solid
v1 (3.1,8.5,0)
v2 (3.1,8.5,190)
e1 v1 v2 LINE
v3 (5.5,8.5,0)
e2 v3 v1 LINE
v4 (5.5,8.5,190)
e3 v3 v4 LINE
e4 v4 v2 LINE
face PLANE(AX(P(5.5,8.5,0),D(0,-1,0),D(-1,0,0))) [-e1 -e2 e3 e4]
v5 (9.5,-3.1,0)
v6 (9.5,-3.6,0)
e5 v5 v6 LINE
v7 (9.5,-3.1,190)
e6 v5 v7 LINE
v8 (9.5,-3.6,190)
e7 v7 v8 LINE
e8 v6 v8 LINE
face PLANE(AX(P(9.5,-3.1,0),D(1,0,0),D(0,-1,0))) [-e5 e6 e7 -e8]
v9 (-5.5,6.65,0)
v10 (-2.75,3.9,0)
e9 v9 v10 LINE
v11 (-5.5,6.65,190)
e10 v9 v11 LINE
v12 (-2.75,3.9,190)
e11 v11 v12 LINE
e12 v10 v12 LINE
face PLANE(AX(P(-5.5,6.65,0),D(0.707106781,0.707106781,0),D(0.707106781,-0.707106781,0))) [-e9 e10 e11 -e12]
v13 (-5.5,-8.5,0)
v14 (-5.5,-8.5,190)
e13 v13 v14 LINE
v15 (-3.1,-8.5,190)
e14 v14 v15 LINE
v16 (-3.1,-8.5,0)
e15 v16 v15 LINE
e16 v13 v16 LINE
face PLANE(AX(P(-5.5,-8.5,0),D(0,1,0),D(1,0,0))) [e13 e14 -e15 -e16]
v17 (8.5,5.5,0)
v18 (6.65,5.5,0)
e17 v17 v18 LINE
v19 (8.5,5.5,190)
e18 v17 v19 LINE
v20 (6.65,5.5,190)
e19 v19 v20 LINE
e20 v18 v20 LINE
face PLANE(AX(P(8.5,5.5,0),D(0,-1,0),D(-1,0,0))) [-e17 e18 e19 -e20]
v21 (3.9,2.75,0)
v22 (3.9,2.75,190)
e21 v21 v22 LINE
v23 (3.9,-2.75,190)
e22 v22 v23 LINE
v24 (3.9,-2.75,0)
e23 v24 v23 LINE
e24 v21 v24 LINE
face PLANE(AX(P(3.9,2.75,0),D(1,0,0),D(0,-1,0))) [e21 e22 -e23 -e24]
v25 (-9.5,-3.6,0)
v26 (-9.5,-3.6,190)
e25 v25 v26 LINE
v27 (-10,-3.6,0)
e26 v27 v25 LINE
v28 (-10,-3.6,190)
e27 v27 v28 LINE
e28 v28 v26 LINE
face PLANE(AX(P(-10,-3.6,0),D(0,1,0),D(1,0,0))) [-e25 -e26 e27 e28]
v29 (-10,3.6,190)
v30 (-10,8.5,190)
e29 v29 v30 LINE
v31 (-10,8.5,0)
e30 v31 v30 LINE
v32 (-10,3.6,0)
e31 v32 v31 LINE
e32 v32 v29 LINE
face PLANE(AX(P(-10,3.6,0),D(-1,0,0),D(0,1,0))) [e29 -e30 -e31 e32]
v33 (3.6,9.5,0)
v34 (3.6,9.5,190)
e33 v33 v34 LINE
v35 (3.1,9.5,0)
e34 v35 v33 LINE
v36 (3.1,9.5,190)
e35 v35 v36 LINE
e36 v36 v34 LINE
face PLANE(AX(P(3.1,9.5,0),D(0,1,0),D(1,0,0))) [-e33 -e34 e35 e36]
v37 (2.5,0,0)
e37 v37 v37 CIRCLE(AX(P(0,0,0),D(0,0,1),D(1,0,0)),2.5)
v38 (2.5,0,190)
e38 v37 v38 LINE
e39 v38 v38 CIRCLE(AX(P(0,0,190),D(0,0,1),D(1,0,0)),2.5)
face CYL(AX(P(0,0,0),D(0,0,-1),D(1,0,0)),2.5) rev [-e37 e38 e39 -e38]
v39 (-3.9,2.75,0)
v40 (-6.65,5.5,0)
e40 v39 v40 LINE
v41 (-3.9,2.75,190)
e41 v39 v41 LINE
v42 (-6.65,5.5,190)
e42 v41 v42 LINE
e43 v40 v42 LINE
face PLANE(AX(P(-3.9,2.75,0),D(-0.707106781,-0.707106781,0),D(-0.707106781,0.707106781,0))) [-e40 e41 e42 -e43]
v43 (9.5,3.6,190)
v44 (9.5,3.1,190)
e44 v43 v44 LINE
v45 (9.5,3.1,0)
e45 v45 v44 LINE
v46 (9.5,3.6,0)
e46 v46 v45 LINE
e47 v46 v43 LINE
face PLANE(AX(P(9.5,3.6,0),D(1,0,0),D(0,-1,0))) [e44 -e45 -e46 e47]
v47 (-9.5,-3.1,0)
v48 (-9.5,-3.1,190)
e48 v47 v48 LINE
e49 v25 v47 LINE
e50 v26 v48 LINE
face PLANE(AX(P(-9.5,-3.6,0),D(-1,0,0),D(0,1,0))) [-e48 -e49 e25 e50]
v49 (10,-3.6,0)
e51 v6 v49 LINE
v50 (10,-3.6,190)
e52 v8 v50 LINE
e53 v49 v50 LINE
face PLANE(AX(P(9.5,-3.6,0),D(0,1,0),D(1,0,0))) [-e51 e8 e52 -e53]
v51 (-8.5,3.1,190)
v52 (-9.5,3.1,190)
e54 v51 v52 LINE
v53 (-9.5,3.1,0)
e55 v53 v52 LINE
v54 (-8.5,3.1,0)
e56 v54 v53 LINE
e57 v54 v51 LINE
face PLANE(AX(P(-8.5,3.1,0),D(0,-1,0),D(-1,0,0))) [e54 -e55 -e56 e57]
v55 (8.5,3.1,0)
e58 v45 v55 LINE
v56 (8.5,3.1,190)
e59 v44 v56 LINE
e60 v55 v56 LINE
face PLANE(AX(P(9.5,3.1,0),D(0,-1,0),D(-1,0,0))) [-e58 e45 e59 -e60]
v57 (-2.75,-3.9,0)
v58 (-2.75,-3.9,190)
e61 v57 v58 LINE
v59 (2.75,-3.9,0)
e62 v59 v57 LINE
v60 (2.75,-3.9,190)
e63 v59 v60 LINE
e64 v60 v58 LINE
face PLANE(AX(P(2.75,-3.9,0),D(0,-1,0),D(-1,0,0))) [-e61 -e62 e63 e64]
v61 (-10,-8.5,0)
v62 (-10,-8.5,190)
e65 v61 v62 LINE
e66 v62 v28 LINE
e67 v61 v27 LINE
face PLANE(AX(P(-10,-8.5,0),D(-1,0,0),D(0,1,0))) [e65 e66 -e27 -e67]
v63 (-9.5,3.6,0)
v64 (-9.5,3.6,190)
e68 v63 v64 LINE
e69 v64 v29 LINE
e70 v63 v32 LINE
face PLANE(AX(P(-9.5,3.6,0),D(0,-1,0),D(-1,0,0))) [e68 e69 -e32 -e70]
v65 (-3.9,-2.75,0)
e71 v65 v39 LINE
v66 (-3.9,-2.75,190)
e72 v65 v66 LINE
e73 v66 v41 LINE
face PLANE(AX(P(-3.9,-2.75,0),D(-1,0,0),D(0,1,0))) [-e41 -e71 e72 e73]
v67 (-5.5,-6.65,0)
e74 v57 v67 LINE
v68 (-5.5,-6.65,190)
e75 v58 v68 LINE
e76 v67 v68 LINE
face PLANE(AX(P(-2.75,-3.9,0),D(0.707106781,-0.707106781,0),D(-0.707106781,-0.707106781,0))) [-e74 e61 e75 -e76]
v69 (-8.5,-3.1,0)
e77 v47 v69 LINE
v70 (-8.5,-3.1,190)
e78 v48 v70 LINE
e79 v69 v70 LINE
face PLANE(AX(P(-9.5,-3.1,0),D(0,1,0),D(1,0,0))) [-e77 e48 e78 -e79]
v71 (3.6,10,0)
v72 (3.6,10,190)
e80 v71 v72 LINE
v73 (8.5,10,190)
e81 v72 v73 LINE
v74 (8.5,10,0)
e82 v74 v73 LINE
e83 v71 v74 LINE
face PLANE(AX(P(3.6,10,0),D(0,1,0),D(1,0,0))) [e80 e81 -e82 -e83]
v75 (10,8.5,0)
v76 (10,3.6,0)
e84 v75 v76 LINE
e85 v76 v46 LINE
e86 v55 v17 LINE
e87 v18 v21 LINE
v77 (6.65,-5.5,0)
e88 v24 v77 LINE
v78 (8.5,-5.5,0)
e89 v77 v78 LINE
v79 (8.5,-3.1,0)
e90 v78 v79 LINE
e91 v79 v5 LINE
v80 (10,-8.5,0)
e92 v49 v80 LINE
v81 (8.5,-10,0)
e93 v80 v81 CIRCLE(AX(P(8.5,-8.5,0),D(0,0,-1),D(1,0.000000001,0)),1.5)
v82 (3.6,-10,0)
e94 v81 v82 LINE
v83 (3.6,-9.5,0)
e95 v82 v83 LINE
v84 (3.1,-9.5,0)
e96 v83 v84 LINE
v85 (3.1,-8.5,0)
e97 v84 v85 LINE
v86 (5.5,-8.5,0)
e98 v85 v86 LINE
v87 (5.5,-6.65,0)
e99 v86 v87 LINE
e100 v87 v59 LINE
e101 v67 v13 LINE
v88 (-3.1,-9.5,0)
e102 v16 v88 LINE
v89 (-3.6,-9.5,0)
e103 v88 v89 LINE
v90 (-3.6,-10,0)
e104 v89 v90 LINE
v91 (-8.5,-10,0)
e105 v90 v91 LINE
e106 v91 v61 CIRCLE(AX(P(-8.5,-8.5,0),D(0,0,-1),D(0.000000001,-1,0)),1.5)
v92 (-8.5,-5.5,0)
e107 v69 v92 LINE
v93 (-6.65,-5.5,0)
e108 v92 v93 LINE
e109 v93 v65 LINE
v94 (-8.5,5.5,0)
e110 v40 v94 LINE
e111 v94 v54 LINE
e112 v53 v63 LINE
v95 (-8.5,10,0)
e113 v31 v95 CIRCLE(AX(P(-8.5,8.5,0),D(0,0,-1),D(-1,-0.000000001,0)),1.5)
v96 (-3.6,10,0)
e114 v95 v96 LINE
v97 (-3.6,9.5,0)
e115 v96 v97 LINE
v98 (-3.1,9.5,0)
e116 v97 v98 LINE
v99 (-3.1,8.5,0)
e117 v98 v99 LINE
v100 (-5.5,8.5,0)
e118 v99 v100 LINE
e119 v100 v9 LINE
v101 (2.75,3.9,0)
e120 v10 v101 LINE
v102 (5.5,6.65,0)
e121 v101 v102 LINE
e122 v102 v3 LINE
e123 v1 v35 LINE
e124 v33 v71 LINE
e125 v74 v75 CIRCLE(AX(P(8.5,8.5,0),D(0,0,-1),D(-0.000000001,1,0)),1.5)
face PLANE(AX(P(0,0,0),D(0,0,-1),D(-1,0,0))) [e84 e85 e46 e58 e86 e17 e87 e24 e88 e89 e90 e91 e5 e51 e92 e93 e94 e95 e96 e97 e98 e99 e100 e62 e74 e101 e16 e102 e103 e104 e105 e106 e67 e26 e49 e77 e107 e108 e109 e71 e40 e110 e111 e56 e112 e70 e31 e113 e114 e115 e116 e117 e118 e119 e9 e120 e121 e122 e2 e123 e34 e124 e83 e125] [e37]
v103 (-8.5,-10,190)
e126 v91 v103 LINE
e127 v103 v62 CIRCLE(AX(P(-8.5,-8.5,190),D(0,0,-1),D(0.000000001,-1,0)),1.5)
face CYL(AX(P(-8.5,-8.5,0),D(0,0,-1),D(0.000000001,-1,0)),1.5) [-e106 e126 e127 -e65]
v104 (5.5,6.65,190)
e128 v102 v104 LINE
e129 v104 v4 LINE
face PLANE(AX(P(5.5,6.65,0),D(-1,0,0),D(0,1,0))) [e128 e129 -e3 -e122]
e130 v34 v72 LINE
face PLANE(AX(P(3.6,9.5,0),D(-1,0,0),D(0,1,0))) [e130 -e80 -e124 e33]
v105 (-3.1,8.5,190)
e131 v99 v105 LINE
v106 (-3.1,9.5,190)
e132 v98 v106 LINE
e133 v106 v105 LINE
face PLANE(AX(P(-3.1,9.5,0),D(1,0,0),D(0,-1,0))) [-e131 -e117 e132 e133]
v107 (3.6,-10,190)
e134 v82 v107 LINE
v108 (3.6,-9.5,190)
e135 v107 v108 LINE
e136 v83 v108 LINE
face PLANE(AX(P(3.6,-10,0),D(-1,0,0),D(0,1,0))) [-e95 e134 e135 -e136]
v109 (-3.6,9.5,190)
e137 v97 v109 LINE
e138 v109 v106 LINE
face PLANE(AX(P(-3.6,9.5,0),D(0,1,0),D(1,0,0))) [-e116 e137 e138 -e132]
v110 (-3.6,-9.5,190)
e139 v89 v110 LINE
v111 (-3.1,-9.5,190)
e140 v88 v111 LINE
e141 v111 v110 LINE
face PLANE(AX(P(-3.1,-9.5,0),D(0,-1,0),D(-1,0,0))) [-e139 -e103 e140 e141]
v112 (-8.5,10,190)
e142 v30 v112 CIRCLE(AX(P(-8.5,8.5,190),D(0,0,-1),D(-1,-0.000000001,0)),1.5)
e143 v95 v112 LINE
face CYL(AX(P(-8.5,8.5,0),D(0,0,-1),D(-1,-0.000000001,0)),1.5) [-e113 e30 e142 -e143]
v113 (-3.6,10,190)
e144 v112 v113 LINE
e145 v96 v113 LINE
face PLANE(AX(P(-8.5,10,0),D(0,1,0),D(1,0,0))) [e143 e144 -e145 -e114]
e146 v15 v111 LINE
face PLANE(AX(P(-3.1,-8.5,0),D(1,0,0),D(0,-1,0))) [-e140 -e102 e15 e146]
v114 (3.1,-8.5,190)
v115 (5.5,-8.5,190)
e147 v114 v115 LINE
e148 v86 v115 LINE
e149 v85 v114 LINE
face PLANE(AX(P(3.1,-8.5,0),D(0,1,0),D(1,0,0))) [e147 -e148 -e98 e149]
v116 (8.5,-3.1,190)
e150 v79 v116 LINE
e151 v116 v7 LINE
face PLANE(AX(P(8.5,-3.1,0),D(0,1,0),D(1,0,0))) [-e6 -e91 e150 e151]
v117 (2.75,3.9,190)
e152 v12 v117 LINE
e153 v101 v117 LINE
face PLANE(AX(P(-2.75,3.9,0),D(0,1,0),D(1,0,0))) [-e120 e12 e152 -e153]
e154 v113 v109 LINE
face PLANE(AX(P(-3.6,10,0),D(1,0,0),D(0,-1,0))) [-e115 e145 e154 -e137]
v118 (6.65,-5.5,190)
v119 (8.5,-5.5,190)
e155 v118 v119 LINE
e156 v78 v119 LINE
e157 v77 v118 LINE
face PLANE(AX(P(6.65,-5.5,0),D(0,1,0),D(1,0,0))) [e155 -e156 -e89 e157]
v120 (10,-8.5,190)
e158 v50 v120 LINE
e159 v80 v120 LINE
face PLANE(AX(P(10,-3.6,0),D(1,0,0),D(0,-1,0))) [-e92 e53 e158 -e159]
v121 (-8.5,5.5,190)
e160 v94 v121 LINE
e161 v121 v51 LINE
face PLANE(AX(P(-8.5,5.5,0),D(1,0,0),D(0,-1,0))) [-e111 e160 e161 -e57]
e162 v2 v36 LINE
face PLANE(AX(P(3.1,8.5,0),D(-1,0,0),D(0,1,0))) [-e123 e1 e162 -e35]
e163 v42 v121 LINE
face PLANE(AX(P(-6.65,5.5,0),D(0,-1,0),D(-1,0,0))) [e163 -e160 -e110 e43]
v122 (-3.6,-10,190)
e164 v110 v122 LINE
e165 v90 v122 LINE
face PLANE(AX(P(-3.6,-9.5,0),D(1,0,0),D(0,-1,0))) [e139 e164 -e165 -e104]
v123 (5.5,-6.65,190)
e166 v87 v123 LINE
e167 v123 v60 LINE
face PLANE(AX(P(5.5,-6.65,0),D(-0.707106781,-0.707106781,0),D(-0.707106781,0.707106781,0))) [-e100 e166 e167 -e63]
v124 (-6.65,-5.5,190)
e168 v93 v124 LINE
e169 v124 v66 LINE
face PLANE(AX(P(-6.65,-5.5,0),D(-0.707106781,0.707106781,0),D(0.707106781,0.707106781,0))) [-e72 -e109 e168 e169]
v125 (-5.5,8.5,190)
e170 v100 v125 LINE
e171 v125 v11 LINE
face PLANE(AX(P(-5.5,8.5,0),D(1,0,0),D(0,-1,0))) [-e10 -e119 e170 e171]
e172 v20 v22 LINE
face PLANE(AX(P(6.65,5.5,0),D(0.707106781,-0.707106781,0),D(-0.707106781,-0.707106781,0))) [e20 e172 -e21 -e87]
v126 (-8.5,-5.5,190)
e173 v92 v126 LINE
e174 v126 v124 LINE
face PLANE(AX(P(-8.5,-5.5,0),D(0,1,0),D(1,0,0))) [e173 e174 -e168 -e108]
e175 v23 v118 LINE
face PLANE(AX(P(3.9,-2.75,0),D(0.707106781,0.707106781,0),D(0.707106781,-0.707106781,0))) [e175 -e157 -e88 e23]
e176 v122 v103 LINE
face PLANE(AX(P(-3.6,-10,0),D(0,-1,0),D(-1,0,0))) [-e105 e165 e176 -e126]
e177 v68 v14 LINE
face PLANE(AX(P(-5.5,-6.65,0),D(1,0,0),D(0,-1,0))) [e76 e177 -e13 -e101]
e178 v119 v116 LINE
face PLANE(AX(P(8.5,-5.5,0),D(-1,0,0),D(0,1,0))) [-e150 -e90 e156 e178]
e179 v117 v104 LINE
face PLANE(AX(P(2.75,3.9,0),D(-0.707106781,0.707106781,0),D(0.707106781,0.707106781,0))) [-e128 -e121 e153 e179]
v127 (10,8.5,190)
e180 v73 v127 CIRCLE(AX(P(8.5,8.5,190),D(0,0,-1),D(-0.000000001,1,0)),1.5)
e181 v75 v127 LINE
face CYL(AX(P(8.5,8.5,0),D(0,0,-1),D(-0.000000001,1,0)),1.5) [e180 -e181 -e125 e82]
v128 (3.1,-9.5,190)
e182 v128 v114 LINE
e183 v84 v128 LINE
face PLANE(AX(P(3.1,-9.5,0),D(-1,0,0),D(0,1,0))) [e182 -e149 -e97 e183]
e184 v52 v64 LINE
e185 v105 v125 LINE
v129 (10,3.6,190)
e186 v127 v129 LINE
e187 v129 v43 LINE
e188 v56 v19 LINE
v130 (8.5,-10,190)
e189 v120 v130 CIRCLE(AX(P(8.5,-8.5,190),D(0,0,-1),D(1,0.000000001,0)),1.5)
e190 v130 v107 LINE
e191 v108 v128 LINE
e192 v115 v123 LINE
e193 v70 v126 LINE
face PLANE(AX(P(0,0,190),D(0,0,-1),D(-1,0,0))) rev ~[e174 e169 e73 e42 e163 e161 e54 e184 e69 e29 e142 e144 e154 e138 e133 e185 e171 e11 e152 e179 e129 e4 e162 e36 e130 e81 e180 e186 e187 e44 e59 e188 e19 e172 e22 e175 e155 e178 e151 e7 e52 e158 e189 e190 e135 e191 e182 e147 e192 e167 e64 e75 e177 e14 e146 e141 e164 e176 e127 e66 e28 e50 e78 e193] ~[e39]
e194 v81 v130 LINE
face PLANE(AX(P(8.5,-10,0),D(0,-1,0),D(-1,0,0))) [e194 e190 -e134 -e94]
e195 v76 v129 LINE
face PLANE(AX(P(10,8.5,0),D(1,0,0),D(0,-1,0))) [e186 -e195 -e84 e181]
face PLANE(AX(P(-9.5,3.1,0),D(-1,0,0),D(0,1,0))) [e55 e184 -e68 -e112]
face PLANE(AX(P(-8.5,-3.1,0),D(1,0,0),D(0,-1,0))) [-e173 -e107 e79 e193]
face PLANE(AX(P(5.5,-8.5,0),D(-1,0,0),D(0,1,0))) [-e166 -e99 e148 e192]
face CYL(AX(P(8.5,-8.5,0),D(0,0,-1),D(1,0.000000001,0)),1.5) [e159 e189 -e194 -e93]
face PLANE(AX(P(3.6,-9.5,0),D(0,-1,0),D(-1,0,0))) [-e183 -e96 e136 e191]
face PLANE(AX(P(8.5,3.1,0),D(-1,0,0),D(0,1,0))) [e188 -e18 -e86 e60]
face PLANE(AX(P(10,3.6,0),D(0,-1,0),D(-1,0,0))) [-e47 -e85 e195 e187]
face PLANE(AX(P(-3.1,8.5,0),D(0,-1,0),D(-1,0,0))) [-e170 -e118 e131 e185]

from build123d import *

# Parameters (mm, degrees)
SKETCH_2_R      = 2.5
EXTRUDE_1_DEPTH = 190


with BuildPart() as part:
    # 草图2 → 凸台-拉伸1 (new body)
    with BuildSketch(Plane.XY):
        with BuildLine():
            Line((-3.6, 10), (-3.6, 9.5))
            Line((-3.6, 9.5), (-3.1, 9.5))
            Line((-3.1, 9.5), (-3.1, 8.5))
            Line((-3.1, 8.5), (-5.5, 8.5))
            Line((-5.5, 8.5), (-5.5, 6.65))
            Line((-5.5, 6.65), (-2.75, 3.9))
            Line((-2.75, 3.9), (2.75, 3.9))
            Line((2.75, 3.9), (5.5, 6.65))
            Line((5.5, 6.65), (5.5, 8.5))
            Line((5.5, 8.5), (3.1, 8.5))
            Line((3.1, 8.5), (3.1, 9.5))
            Line((3.1, 9.5), (3.6, 9.5))
            Line((3.6, 9.5), (3.6, 10))
            Line((3.6, 10), (8.5, 10))
            ThreePointArc((8.5, 10), (9.560660172, 9.560660172), (10, 8.5))
            Line((10, 8.5), (10, 3.6))
            Line((10, 3.6), (9.5, 3.6))
            Line((9.5, 3.6), (9.5, 3.1))
            Line((9.5, 3.1), (8.5, 3.1))
            Line((8.5, 3.1), (8.5, 5.5))
            Line((8.5, 5.5), (6.65, 5.5))
            Line((6.65, 5.5), (3.9, 2.75))
            Line((3.9, 2.75), (3.9, -2.75))
            Line((3.9, -2.75), (6.65, -5.5))
            Line((6.65, -5.5), (8.5, -5.5))
            Line((8.5, -5.5), (8.5, -3.1))
            Line((8.5, -3.1), (9.5, -3.1))
            Line((9.5, -3.1), (9.5, -3.6))
            Line((9.5, -3.6), (10, -3.6))
            Line((10, -3.6), (10, -8.5))
            ThreePointArc((10, -8.5), (9.560660172, -9.560660172), (8.5, -10))
            Line((8.5, -10), (3.6, -10))
            Line((3.6, -10), (3.6, -9.5))
            Line((3.6, -9.5), (3.1, -9.5))
            Line((3.1, -9.5), (3.1, -8.5))
            Line((3.1, -8.5), (5.5, -8.5))
            Line((5.5, -8.5), (5.5, -6.65))
            Line((5.5, -6.65), (2.75, -3.9))
            Line((2.75, -3.9), (-2.75, -3.9))
            Line((-2.75, -3.9), (-5.5, -6.65))
            Line((-5.5, -6.65), (-5.5, -8.5))
            Line((-5.5, -8.5), (-3.1, -8.5))
            Line((-3.1, -8.5), (-3.1, -9.5))
            Line((-3.1, -9.5), (-3.6, -9.5))
            Line((-3.6, -9.5), (-3.6, -10))
            Line((-3.6, -10), (-8.5, -10))
            ThreePointArc((-8.5, -10), (-9.560660172, -9.560660172), (-10, -8.5))
            Line((-10, -8.5), (-10, -3.6))
            Line((-10, -3.6), (-9.5, -3.6))
            Line((-9.5, -3.6), (-9.5, -3.1))
            Line((-9.5, -3.1), (-8.5, -3.1))
            Line((-8.5, -3.1), (-8.5, -5.5))
            Line((-8.5, -5.5), (-6.65, -5.5))
            Line((-6.65, -5.5), (-3.9, -2.75))
            Line((-3.9, -2.75), (-3.9, 2.75))
            Line((-3.9, 2.75), (-6.65, 5.5))
            Line((-6.65, 5.5), (-8.5, 5.5))
            Line((-8.5, 5.5), (-8.5, 3.1))
            Line((-8.5, 3.1), (-9.5, 3.1))
            Line((-9.5, 3.1), (-9.5, 3.6))
            Line((-9.5, 3.6), (-10, 3.6))
            Line((-10, 3.6), (-10, 8.5))
            ThreePointArc((-10, 8.5), (-9.560660172, 9.560660172), (-8.5, 10))
            Line((-8.5, 10), (-3.6, 10))
        make_face()
        Circle(SKETCH_2_R, mode=Mode.SUBTRACT)
    extrude(amount=EXTRUDE_1_DEPTH)


solid = part.part
